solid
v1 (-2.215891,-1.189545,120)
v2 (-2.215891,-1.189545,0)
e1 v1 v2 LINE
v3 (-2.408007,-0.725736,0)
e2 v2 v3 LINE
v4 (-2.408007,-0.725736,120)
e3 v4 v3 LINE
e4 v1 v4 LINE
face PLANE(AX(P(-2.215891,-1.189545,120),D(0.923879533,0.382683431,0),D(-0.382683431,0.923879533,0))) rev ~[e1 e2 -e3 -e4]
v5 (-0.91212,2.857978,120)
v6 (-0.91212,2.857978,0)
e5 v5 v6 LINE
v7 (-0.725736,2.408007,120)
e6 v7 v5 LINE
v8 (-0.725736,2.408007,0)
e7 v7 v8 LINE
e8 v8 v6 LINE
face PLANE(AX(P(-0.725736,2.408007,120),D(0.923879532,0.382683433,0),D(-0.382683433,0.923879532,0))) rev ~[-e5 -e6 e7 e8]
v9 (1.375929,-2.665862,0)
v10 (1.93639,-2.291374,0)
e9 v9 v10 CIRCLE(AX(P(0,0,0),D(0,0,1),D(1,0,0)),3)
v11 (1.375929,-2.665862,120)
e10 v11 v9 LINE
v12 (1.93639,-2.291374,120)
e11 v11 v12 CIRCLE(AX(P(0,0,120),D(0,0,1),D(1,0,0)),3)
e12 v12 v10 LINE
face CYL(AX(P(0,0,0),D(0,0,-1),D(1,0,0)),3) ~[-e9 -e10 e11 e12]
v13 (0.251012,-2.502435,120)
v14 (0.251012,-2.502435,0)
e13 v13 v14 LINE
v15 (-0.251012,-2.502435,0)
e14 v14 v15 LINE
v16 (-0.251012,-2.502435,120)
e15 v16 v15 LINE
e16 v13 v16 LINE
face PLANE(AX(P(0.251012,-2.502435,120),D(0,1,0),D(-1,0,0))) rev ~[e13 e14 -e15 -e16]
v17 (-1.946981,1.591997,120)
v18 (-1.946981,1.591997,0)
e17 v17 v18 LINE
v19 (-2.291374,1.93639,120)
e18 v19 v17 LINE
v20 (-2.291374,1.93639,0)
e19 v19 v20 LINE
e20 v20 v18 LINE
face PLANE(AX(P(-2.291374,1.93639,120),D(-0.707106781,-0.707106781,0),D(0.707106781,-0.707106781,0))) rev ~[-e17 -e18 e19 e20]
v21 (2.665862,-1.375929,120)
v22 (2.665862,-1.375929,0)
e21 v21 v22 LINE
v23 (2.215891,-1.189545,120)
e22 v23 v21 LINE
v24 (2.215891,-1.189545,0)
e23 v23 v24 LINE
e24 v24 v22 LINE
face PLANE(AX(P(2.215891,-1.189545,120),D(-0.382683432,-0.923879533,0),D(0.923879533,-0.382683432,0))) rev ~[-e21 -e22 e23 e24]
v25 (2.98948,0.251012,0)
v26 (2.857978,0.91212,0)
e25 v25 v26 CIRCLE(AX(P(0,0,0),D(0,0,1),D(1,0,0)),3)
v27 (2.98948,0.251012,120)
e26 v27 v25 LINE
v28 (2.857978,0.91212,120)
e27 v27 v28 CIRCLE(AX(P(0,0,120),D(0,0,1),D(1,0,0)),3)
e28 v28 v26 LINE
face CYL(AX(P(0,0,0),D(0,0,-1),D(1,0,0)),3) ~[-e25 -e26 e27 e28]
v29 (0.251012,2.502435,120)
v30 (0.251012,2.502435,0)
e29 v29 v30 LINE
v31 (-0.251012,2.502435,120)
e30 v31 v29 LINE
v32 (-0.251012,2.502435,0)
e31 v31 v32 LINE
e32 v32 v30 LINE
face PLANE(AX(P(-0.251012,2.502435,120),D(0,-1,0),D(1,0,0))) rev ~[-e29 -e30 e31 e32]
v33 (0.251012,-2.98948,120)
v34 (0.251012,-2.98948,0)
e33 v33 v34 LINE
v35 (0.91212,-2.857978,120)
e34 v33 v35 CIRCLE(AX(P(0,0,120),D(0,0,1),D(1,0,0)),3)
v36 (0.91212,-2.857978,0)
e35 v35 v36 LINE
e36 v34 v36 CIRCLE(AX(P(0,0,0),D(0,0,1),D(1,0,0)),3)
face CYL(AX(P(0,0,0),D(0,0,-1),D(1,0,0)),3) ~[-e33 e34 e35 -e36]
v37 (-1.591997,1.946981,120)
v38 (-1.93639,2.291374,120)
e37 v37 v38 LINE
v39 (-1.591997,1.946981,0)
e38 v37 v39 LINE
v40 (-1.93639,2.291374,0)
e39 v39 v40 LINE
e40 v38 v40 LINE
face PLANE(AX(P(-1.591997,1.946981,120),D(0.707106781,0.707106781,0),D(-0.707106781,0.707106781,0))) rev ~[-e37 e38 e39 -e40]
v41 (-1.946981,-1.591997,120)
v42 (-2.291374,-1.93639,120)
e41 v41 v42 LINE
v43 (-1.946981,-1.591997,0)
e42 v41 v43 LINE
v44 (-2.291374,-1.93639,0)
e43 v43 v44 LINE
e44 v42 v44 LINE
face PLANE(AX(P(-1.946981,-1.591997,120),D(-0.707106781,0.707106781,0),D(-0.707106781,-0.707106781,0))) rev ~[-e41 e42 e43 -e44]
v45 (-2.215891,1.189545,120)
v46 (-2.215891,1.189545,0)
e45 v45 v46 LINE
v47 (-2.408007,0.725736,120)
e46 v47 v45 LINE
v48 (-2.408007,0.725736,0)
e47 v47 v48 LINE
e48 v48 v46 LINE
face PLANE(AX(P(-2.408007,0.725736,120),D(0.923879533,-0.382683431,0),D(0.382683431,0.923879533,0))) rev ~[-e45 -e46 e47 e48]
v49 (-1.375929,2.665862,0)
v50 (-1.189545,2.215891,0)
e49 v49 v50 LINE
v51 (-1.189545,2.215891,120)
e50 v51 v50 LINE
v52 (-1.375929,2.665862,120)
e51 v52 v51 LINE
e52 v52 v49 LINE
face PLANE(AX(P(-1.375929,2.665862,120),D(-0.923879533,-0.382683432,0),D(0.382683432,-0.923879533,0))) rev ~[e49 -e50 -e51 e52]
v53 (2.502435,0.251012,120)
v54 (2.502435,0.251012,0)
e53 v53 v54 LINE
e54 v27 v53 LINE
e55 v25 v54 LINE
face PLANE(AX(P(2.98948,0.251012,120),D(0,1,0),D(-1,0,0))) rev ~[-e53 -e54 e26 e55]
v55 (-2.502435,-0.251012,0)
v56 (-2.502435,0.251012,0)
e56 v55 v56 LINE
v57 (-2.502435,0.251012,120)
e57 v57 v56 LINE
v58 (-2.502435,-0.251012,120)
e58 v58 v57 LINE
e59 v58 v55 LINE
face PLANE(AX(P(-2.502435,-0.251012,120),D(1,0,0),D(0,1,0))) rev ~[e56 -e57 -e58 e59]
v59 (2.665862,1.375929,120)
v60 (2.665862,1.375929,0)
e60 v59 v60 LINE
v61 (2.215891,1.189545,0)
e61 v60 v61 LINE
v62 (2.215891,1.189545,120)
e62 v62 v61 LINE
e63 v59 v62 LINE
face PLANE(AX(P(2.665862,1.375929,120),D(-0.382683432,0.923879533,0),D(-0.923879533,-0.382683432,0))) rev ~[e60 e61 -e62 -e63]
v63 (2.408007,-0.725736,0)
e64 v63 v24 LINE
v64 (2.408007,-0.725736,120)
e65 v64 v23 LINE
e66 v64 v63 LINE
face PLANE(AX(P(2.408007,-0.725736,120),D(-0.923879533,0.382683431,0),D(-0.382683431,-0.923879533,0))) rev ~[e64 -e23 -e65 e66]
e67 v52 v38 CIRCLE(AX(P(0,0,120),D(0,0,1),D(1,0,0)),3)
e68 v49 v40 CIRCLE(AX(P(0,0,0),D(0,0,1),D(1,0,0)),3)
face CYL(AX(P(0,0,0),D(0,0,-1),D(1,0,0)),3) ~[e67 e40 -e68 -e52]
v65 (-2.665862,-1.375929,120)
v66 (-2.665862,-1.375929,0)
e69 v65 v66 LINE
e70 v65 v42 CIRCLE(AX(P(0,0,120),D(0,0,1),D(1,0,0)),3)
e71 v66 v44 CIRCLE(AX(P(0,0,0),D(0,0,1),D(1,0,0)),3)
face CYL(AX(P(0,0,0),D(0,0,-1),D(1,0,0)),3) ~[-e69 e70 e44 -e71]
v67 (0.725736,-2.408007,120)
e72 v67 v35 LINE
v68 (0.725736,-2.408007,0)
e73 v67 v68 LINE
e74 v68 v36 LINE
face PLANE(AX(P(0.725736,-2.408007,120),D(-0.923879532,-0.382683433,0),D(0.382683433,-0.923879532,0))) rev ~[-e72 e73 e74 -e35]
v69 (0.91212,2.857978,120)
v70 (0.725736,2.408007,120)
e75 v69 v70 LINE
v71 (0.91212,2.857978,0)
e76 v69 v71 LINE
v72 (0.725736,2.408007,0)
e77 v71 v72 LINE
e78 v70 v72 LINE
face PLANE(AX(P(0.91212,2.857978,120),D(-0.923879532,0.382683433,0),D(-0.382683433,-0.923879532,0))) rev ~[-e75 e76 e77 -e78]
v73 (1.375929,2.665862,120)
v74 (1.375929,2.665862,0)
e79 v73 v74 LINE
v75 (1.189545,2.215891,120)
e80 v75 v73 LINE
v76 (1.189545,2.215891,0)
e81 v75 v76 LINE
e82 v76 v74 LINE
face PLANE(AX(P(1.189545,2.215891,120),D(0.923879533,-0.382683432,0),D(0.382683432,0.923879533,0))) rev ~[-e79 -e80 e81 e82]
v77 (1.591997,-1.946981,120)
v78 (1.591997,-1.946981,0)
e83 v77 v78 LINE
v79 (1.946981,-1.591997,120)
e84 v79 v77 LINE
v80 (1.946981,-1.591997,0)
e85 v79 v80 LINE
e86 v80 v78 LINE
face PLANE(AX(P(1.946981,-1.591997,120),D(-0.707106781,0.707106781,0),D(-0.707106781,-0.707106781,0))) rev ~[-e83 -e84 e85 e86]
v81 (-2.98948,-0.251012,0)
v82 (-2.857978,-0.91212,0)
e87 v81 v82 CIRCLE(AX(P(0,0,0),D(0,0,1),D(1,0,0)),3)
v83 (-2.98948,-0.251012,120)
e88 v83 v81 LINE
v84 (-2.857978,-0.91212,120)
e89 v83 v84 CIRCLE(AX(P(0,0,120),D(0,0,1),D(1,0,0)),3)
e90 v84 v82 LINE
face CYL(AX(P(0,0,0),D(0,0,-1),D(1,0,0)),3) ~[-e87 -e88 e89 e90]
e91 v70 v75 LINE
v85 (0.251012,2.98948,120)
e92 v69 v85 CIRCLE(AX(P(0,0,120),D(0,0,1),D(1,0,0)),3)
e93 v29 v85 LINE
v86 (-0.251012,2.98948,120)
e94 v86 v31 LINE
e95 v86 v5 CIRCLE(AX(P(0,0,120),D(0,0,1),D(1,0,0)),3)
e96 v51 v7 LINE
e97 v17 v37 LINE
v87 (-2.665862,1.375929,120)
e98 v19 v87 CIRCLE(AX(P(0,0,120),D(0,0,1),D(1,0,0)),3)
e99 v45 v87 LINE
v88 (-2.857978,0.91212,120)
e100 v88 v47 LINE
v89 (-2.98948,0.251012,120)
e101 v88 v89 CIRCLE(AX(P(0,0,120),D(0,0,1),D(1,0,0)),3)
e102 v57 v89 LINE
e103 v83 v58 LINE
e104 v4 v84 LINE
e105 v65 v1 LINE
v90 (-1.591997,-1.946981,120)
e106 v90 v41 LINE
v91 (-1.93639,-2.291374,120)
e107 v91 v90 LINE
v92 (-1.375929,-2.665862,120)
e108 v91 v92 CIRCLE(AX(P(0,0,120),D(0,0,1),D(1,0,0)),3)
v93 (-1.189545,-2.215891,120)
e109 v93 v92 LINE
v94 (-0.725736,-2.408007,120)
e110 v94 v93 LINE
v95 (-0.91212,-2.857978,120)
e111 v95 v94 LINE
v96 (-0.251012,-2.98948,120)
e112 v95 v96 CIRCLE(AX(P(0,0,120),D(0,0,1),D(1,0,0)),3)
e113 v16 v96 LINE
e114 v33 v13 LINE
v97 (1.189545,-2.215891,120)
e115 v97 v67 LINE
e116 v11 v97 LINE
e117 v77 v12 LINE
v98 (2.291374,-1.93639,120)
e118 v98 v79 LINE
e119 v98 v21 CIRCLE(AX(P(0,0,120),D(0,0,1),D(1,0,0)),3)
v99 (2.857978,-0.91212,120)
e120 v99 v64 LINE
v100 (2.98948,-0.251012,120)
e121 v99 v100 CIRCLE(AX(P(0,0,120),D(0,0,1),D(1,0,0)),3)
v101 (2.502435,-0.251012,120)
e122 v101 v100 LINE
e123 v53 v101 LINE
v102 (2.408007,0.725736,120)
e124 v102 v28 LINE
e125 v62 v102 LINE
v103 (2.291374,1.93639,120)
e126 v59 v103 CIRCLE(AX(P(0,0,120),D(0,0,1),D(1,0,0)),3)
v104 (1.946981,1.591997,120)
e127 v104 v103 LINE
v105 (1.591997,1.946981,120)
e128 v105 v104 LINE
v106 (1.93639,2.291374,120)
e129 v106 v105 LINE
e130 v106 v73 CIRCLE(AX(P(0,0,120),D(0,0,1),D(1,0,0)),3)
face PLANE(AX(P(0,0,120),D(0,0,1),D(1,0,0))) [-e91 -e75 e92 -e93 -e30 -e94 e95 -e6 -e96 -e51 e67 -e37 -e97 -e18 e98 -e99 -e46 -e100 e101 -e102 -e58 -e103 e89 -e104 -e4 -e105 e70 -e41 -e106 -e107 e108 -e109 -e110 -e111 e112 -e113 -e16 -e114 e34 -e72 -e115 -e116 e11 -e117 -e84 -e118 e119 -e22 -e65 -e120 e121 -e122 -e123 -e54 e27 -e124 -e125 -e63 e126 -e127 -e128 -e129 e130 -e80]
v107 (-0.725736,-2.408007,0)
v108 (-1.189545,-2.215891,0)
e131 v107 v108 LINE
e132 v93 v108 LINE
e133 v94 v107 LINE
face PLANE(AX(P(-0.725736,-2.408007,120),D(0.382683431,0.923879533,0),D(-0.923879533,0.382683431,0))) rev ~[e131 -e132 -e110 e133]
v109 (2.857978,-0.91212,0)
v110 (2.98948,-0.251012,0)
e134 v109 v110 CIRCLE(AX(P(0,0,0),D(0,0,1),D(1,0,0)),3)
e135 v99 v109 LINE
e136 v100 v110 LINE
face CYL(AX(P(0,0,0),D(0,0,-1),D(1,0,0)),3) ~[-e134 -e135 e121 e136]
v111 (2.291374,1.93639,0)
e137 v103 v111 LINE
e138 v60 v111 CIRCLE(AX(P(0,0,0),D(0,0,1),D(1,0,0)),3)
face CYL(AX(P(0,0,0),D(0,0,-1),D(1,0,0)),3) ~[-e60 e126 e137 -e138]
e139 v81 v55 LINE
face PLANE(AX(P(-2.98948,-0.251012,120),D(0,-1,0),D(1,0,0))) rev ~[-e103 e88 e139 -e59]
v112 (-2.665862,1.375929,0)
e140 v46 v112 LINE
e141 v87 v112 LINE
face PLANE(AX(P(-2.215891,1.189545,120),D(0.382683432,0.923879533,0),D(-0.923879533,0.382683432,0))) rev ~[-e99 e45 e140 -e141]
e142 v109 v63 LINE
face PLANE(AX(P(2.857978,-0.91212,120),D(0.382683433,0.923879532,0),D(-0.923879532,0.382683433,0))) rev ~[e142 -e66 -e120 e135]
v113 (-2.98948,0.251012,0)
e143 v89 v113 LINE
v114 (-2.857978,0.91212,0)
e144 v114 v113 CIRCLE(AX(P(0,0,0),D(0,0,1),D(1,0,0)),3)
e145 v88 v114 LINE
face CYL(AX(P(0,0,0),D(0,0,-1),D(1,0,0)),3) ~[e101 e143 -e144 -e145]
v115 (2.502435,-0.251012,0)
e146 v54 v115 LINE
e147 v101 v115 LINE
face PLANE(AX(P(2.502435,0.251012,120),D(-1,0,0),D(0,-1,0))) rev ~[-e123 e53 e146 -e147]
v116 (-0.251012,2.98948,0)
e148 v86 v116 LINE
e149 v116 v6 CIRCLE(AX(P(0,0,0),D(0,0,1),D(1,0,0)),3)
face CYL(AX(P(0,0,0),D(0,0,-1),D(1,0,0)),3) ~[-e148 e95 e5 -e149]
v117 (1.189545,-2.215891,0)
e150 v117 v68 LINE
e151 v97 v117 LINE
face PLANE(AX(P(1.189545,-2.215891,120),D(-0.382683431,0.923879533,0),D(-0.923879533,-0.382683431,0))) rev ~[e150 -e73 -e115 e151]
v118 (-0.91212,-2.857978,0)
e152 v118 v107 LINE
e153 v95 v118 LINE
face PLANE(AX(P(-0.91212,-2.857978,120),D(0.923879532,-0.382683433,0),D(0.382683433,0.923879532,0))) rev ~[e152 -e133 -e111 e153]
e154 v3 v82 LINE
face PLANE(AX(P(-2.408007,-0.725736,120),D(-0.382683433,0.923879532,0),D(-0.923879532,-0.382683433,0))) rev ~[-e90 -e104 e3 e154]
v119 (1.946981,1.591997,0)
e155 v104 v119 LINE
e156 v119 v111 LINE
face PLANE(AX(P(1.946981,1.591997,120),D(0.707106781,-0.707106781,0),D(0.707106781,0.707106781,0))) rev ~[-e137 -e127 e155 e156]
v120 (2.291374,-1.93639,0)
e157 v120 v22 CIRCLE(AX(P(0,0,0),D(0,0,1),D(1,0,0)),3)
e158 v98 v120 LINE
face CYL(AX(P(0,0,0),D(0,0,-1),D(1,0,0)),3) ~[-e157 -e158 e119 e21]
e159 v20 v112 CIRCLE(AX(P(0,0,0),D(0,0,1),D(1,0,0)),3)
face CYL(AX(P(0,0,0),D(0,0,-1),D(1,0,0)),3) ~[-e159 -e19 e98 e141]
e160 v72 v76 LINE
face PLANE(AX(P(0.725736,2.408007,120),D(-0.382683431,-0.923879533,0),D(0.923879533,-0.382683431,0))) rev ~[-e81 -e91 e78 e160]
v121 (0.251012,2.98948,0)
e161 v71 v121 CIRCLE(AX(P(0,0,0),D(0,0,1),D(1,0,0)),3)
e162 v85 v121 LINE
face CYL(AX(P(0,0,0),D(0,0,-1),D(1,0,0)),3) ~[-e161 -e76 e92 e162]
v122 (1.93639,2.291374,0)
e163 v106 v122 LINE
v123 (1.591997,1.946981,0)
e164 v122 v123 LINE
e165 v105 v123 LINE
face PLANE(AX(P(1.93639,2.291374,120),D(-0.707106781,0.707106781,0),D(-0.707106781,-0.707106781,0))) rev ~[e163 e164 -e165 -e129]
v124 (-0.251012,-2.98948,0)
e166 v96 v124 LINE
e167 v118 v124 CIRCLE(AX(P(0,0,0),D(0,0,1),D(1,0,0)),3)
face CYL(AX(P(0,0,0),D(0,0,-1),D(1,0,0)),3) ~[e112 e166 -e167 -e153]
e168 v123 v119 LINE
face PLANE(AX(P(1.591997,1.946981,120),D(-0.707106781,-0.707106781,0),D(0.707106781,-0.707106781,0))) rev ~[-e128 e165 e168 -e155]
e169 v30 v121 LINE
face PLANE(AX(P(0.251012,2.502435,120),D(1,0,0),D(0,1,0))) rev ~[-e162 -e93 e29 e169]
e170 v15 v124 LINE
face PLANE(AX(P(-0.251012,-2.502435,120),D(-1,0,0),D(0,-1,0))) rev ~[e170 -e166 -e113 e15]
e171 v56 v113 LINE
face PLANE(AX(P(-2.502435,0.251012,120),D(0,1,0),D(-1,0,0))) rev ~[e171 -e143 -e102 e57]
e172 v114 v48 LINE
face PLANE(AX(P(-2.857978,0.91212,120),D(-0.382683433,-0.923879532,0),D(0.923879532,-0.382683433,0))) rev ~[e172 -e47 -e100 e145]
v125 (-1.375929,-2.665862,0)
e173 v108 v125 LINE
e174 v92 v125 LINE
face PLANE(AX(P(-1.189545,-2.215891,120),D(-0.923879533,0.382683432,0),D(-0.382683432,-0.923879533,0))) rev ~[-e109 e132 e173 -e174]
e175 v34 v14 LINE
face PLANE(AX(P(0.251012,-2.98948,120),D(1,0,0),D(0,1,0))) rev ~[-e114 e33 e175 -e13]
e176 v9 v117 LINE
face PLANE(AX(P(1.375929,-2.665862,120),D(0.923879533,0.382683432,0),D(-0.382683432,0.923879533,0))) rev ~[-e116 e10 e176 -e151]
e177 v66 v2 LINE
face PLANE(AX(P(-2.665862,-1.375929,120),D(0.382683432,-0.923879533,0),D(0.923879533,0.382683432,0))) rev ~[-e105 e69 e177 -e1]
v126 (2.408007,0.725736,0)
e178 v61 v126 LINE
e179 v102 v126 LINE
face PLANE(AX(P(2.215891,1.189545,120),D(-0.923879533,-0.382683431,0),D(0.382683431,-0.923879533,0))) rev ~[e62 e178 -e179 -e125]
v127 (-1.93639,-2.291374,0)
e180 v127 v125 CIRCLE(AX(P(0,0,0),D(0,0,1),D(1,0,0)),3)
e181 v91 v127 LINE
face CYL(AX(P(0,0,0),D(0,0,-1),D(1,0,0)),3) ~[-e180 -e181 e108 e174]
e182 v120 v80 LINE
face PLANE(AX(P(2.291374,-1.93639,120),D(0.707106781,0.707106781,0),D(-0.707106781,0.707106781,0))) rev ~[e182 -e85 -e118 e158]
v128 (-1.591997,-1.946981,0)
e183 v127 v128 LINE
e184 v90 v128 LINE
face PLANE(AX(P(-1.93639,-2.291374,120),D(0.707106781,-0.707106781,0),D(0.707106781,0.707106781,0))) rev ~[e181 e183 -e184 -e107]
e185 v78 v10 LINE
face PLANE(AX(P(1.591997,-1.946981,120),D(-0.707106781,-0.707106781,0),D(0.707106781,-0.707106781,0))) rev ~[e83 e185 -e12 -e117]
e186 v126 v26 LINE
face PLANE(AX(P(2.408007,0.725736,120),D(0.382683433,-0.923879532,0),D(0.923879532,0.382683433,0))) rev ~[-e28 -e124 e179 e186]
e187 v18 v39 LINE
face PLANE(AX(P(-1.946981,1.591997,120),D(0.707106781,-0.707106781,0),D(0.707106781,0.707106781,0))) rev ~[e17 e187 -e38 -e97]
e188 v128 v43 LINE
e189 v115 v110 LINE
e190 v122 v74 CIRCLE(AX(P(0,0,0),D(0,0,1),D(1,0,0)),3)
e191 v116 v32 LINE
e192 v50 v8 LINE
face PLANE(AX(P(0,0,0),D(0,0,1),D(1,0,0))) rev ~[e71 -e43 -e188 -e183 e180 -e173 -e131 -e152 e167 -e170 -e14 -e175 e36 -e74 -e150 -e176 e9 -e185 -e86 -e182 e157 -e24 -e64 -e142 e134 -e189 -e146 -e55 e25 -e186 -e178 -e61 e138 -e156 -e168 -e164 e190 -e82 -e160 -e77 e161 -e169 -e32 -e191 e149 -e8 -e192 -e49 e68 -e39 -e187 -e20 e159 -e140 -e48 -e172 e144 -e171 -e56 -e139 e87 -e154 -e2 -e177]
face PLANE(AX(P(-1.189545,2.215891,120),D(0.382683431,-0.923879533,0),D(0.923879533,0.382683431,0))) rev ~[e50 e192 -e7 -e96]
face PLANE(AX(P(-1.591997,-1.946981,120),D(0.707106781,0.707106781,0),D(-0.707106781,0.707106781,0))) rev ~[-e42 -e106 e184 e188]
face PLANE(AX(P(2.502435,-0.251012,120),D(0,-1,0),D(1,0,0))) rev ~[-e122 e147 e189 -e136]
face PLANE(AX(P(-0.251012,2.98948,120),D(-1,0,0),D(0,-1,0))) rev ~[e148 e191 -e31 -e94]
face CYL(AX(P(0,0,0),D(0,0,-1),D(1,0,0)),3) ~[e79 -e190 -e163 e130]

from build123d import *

# Parameters (mm, degrees)
SKETCH1_R           = 3
BOSS_EXTRUDE1_DEPTH = 120
CUT_EXTRUDE2_DEPTH  = 121.074976577


with BuildPart() as part:
    # Sketch1 → Boss-Extrude1 (new body)
    with BuildSketch(Plane.XY):
        Circle(SKETCH1_R)
    extrude(amount=BOSS_EXTRUDE1_DEPTH)

    # Sketch2 → Cut-Extrude2 (cut, through all)
    with BuildSketch(Plane.XY.offset(120)):
        with BuildLine():
            ThreePointArc((2.857977755, 0.912120142), (2.771638598, 1.148050297), (2.665861788, 1.375929113))
            Line((2.665861788, 1.375929113), (2.21589064, 1.189544961))
            Line((2.21589064, 1.189544961), (2.408006606, 0.725735989))
            Line((2.408006606, 0.725735989), (2.857977755, 0.912120142))
        make_face()
        with BuildLine():
            ThreePointArc((2.291373885, 1.936389867), (2.121320344, 2.121320344), (1.936389867, 2.291373885))
            Line((1.936389867, 2.291373885), (1.59199686, 1.946980878))
            Line((1.59199686, 1.946980878), (1.946980878, 1.59199686))
            Line((1.946980878, 1.59199686), (2.291373885, 1.936389867))
        make_face()
        with BuildLine():
            ThreePointArc((0.251011607, 2.989480419), (0.125615971, 2.997368951), (0, 3))
            Line((0, 3), (0, 2.502435157))
            Line((0, 2.502435157), (0.251011607, 2.502435157))
            Line((0.251011607, 2.502435157), (0.251011607, 2.989480419))
        make_face()
        with BuildLine():
            Line((0, 2.502435157), (0, 3))
            ThreePointArc((0, 3), (-0.125615971, 2.997368951), (-0.251011607, 2.989480419))
            Line((-0.251011607, 2.989480419), (-0.251011607, 2.502435157))
            Line((-0.251011607, 2.502435157), (0, 2.502435157))
        make_face()
        with BuildLine():
            Line((-0.725735989, 2.408006606), (-0.912120142, 2.857977755))
            ThreePointArc((-0.912120142, 2.857977755), (-1.148050297, 2.771638598), (-1.375929113, 2.665861788))
            Line((-1.375929113, 2.665861788), (-1.189544961, 2.21589064))
            Line((-1.189544961, 2.21589064), (-0.725735989, 2.408006606))
        make_face()
        with BuildLine():
            Line((-1.59199686, 1.946980878), (-1.936389867, 2.291373885))
            ThreePointArc((-1.936389867, 2.291373885), (-2.121320344, 2.121320344), (-2.291373885, 1.936389867))
            Line((-2.291373885, 1.936389867), (-1.946980878, 1.59199686))
            Line((-1.946980878, 1.59199686), (-1.59199686, 1.946980878))
        make_face()
        with BuildLine():
            Line((-2.21589064, 1.189544961), (-2.665861788, 1.375929113))
            ThreePointArc((-2.665861788, 1.375929113), (-2.771638598, 1.148050297), (-2.857977755, 0.912120142))
            Line((-2.857977755, 0.912120142), (-2.408006606, 0.725735989))
            Line((-2.408006606, 0.725735989), (-2.21589064, 1.189544961))
        make_face()
        with BuildLine():
            Line((-2.502435157, 0.251011607), (-2.989480419, 0.251011607))
            ThreePointArc((-2.989480419, 0.251011607), (-3, 0), (-2.989480419, -0.251011607))
            Line((-2.989480419, -0.251011607), (-2.502435157, -0.251011607))
            Line((-2.502435157, -0.251011607), (-2.502435157, 0.251011607))
        make_face()
        with BuildLine():
            Line((-2.408006606, -0.725735989), (-2.857977755, -0.912120142))
            ThreePointArc((-2.857977755, -0.912120142), (-2.771638598, -1.148050297), (-2.665861788, -1.375929113))
            Line((-2.665861788, -1.375929113), (-2.21589064, -1.189544961))
            Line((-2.21589064, -1.189544961), (-2.408006606, -0.725735989))
        make_face()
        with BuildLine():
            Line((-1.946980878, -1.59199686), (-2.291373885, -1.936389867))
            ThreePointArc((-2.291373885, -1.936389867), (-2.121320344, -2.121320344), (-1.936389867, -2.291373885))
            Line((-1.936389867, -2.291373885), (-1.59199686, -1.946980878))
            Line((-1.59199686, -1.946980878), (-1.946980878, -1.59199686))
        make_face()
        with BuildLine():
            Line((-1.189544961, -2.21589064), (-1.375929113, -2.665861788))
            ThreePointArc((-1.375929113, -2.665861788), (-1.148050297, -2.771638598), (-0.912120142, -2.857977755))
            Line((-0.912120142, -2.857977755), (-0.725735989, -2.408006606))
            Line((-0.725735989, -2.408006606), (-1.189544961, -2.21589064))
        make_face()
        with BuildLine():
            Line((-0.251011607, -2.502435157), (-0.251011607, -2.989480419))
            ThreePointArc((-0.251011607, -2.989480419), (0, -3), (0.251011607, -2.989480419))
            Line((0.251011607, -2.989480419), (0.251011607, -2.502435157))
            Line((0.251011607, -2.502435157), (-0.251011607, -2.502435157))
        make_face()
        with BuildLine():
            ThreePointArc((0.912120142, -2.857977755), (1.148050297, -2.771638598), (1.375929113, -2.665861788))
            Line((1.375929113, -2.665861788), (1.189544961, -2.21589064))
            Line((1.189544961, -2.21589064), (0.725735989, -2.408006606))
            Line((0.725735989, -2.408006606), (0.912120142, -2.857977755))
        make_face()
        with BuildLine():
            ThreePointArc((1.936389867, -2.291373885), (2.121320344, -2.121320344), (2.291373885, -1.936389867))
            Line((2.291373885, -1.936389867), (1.946980878, -1.59199686))
            Line((1.946980878, -1.59199686), (1.59199686, -1.946980878))
            Line((1.59199686, -1.946980878), (1.936389867, -2.291373885))
        make_face()
        with BuildLine():
            ThreePointArc((2.665861788, -1.375929113), (2.771638598, -1.148050297), (2.857977755, -0.912120142))
            Line((2.857977755, -0.912120142), (2.408006606, -0.725735989))
            Line((2.408006606, -0.725735989), (2.21589064, -1.189544961))
            Line((2.21589064, -1.189544961), (2.665861788, -1.375929113))
        make_face()
        with BuildLine():
            ThreePointArc((3, 0), (2.997368951, 0.125615971), (2.989480419, 0.251011607))
            Line((2.989480419, 0.251011607), (2.502435157, 0.251011607))
            Line((2.502435157, 0.251011607), (2.502435157, -0.251011607))
            Line((2.502435157, -0.251011607), (2.989480419, -0.251011607))
            ThreePointArc((2.989480419, -0.251011607), (2.997368951, -0.125615971), (3, 0))
        make_face()
        with BuildLine():
            ThreePointArc((1.375929113, 2.665861788), (1.148050297, 2.771638598), (0.912120142, 2.857977755))
            Line((0.912120142, 2.857977755), (0.725735989, 2.408006606))
            Line((0.725735989, 2.408006606), (1.189544961, 2.21589064))
            Line((1.189544961, 2.21589064), (1.375929113, 2.665861788))
        make_face()
    extrude(amount=-CUT_EXTRUDE2_DEPTH, mode=Mode.SUBTRACT)


solid = part.part
